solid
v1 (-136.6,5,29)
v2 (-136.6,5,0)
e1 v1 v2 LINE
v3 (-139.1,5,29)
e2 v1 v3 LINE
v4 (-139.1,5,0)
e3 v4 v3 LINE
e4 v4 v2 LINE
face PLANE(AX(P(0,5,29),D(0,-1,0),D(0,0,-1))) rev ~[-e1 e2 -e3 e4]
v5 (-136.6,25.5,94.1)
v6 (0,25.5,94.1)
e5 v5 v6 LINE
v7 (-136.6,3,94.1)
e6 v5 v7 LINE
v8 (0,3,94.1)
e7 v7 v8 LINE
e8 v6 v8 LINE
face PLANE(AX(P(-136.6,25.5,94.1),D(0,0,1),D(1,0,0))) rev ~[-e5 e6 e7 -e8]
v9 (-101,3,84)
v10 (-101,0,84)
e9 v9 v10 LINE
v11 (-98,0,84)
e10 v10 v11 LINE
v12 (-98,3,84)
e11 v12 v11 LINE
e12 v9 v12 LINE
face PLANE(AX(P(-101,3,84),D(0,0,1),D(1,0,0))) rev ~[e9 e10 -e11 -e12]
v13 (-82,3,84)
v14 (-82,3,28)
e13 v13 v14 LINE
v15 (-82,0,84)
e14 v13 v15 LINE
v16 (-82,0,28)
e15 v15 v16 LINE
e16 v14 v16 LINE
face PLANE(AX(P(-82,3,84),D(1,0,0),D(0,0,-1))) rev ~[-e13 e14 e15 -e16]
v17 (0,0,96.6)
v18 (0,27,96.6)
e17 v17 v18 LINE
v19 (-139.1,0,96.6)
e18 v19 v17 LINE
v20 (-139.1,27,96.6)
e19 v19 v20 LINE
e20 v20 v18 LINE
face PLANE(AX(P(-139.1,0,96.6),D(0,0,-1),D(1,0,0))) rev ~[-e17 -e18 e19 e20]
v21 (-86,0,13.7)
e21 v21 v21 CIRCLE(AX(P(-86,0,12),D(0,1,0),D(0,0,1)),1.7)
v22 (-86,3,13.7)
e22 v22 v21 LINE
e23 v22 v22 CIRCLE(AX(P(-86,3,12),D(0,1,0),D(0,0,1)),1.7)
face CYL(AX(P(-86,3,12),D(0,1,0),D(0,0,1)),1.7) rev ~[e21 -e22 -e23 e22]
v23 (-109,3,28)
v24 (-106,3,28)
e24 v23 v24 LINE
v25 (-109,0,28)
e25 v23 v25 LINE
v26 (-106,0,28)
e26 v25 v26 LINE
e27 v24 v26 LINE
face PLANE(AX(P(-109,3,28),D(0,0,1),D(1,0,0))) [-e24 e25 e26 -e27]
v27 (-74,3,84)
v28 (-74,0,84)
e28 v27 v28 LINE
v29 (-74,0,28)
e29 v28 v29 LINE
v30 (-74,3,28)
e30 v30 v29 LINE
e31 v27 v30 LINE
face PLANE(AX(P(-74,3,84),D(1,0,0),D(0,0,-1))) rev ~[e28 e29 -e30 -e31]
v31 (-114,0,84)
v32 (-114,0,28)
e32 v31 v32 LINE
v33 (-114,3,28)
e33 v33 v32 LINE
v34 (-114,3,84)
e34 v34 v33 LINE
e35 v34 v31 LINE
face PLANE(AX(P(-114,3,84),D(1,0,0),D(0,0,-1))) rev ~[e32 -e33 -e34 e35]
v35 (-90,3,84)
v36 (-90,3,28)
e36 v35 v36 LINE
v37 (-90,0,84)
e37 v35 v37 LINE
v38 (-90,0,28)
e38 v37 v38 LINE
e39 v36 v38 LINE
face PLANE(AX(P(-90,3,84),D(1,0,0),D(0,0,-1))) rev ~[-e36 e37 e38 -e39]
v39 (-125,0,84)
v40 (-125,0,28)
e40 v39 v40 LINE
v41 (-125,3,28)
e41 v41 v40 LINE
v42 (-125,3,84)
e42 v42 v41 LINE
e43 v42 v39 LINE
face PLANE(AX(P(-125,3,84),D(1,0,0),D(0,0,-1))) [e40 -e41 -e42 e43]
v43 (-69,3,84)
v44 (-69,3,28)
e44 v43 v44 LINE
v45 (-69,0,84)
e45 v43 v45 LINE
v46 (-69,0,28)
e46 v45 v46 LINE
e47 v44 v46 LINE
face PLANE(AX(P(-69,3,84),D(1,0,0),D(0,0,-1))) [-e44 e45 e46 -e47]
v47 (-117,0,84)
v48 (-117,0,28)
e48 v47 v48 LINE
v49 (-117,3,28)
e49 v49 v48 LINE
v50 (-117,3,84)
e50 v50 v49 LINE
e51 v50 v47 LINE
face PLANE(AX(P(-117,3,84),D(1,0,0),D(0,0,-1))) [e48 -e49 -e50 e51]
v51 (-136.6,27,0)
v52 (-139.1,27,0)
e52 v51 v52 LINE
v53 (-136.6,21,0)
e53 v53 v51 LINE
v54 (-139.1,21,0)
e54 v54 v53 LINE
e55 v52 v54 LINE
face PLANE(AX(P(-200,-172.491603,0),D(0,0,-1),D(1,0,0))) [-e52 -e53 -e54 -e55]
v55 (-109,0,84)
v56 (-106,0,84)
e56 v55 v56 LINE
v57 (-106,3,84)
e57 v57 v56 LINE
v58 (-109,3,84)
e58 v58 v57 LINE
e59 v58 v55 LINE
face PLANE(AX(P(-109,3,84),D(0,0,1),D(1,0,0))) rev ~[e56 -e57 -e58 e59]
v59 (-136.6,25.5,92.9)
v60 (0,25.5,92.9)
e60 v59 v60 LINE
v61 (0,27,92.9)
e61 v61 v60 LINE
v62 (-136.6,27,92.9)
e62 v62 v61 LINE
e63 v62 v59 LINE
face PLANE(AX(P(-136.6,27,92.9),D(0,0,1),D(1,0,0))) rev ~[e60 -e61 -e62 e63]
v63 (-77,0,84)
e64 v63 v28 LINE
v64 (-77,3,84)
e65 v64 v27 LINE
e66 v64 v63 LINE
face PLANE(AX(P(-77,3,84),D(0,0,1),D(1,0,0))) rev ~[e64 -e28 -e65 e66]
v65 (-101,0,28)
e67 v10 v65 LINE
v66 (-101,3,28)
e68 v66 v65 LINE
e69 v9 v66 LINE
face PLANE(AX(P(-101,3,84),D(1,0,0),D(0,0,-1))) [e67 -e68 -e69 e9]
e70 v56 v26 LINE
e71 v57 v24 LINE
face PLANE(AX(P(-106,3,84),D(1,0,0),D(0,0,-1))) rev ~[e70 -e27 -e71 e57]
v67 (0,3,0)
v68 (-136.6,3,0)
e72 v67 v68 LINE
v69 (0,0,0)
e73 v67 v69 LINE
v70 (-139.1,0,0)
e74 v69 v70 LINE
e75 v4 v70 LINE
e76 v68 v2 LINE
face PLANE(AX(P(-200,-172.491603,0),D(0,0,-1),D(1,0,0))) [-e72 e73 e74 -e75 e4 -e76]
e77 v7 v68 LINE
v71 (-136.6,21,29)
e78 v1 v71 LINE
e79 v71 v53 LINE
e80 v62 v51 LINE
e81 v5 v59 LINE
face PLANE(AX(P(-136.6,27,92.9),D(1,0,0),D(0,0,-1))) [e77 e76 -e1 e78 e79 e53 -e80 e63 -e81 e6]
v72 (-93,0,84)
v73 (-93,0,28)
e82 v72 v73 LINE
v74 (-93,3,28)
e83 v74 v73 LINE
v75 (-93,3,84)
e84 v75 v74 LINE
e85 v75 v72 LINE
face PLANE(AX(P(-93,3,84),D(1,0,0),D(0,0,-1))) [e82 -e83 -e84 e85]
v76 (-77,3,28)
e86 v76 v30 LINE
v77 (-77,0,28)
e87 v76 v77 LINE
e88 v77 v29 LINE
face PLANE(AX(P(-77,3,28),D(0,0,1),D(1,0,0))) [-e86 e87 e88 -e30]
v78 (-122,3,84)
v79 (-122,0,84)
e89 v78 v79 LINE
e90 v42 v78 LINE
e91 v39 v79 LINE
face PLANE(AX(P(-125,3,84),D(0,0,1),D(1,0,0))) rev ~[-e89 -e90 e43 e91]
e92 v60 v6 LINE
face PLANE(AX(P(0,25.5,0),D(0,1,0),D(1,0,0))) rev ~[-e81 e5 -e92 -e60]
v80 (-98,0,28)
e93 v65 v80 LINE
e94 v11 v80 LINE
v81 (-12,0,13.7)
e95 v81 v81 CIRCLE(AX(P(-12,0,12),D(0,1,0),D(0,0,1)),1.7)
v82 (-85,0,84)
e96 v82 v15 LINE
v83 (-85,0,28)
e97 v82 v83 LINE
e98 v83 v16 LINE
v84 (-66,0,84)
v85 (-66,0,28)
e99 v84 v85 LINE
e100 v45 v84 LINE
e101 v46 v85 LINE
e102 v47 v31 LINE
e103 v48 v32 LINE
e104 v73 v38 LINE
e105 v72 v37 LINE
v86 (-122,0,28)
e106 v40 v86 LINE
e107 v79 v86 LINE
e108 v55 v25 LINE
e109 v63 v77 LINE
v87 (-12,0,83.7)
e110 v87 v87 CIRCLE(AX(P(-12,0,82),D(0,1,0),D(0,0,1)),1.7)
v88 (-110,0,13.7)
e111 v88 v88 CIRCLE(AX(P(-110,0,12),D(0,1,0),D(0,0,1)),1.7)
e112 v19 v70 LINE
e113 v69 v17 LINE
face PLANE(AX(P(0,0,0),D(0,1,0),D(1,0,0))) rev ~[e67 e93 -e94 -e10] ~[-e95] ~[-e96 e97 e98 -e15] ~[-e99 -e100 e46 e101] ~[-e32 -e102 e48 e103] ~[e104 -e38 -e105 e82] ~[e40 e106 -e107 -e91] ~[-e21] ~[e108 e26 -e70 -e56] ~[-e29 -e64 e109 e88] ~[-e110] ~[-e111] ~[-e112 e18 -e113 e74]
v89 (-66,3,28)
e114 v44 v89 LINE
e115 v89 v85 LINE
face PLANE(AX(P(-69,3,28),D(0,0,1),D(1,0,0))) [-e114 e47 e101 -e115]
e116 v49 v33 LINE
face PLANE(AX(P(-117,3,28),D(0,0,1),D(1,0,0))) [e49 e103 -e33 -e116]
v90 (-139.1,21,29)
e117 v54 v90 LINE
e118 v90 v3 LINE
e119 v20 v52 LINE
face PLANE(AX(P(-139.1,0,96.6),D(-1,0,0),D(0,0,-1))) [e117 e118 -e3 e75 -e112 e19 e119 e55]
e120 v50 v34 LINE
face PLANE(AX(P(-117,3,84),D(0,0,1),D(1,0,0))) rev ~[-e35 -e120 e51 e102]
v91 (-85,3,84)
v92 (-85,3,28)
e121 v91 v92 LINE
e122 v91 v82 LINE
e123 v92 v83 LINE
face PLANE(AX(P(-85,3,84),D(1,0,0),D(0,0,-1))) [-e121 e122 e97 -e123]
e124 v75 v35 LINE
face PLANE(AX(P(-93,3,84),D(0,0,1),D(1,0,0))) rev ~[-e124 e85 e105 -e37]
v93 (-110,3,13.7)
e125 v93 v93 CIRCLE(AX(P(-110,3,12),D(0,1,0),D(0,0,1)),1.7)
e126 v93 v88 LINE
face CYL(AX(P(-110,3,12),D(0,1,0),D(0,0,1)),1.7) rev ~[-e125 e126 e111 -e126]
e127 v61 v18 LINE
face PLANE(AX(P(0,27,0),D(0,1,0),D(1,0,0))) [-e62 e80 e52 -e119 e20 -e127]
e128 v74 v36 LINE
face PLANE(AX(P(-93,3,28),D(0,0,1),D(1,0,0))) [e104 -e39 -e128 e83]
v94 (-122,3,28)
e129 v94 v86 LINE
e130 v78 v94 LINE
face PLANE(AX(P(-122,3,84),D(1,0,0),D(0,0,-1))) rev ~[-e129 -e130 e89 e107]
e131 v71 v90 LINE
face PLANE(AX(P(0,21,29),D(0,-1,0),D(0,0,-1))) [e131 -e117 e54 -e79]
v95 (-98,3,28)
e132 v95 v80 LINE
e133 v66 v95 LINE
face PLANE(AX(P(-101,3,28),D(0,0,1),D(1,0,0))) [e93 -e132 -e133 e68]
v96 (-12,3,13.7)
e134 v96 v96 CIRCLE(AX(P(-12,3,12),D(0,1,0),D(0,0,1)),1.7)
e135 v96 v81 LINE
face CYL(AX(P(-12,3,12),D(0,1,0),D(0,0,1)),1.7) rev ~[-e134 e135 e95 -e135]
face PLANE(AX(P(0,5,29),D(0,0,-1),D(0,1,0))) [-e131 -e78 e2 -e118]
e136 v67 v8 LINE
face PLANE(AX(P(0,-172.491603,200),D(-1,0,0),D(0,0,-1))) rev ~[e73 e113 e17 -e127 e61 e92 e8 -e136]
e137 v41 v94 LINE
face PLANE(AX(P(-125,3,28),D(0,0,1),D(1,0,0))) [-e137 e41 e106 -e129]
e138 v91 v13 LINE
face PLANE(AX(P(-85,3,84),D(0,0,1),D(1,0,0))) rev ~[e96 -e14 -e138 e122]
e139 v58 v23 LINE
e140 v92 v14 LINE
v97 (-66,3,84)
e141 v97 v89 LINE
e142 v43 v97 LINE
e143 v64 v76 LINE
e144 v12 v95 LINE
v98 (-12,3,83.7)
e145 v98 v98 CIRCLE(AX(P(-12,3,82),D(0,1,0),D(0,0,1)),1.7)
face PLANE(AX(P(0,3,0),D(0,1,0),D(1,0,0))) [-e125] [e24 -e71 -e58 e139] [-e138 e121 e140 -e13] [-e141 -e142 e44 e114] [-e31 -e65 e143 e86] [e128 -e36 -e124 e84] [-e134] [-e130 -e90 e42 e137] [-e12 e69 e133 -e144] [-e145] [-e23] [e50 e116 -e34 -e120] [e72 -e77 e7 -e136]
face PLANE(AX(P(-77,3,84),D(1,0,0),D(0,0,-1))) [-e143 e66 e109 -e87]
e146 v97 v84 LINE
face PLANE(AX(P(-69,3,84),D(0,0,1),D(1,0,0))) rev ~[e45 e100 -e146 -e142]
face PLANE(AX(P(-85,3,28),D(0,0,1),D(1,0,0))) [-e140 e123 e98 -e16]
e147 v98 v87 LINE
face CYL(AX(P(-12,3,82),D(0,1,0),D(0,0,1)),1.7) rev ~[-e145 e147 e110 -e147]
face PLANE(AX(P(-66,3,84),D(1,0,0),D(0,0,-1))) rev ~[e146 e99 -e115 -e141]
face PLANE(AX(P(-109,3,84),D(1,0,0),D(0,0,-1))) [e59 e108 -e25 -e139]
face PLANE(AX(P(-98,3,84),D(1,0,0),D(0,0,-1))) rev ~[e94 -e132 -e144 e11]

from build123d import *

# Parameters (mm, degrees)
SKETCH1_W                     = 278.2
SKETCH1_H                     = 193.2
SHELL_BLOCK_DEPTH             = 27
SKETCH2_W                     = 273.2
SKETCH2_H                     = 185.8
FRONT_OPENING_DEPTH           = 1.5
SKETCH3_W                     = 273.2
SKETCH3_H                     = 188.2
DISPLAY_POCKET_DEPTH          = 22.5
SKETCH4_W                     = 3
SKETCH4_H                     = 56
VENT_SLOTS_DEPTH              = 4
SKETCH5_W                     = 58
SKETCH5_H                     = 16
CABLE_EXIT_X_SHORT_SIDE_DEPTH = 140.1
SKETCH6_R                     = 1.7
BOLT_HOLES_DEPTH              = 4
KEEP_ONE_HALF_X_DEPTH         = 172.491603293
KEEP_ONE_HALF_X_DEPTH_BACK    = 172.491603293
SKETCH7_W                     = 200
SKETCH7_H                     = 400
KEEP_ONE_QUARTER_Z_DEPTH      = 172.491603293
KEEP_ONE_QUARTER_Z_DEPTH_BACK = 172.491603293
SKETCH8_W                     = 400
SKETCH8_H                     = 200


with BuildPart() as part:
    # Sketch1 → Shell Block (new body)
    with BuildSketch(Plane(origin=(0, 0, 0), x_dir=(1, 0, 0), z_dir=(0, 1, 0))):
        Rectangle(SKETCH1_W, SKETCH1_H)
    extrude(amount=SHELL_BLOCK_DEPTH)

    # Sketch2 → Front Opening (cut)
    with BuildSketch(Plane(origin=(0, 27, 0), x_dir=(1, 0, 0), z_dir=(0, 1, 0))):
        Rectangle(SKETCH2_W, SKETCH2_H)
    extrude(amount=-FRONT_OPENING_DEPTH, mode=Mode.SUBTRACT)

    # Sketch3 → Display Pocket (cut)
    with BuildSketch(Plane(origin=(0, 25.5, 0), x_dir=(1, 0, 0), z_dir=(0, 1, 0))):
        Rectangle(SKETCH3_W, SKETCH3_H)
    extrude(amount=-DISPLAY_POCKET_DEPTH, mode=Mode.SUBTRACT)

    # Sketch4 → Vent Slots (cut)
    with BuildSketch(Plane(origin=(0, 3, 0), x_dir=(1, 0, 0), z_dir=(0, 1, 0))):
        with Locations((-67.5, 56)):
            Rectangle(SKETCH4_W, SKETCH4_H)
        with Locations((-67.5, -56)):
            Rectangle(SKETCH4_W, SKETCH4_H)
        with Locations((-75.5, 56)):
            Rectangle(SKETCH4_W, SKETCH4_H)
        with Locations((-75.5, -56)):
            Rectangle(SKETCH4_W, SKETCH4_H)
        with Locations((-83.5, 56)):
            Rectangle(SKETCH4_W, SKETCH4_H)
        with Locations((-83.5, -56)):
            Rectangle(SKETCH4_W, SKETCH4_H)
        with Locations((-91.5, 56)):
            Rectangle(SKETCH4_W, SKETCH4_H)
        with Locations((-91.5, -56)):
            Rectangle(SKETCH4_W, SKETCH4_H)
        with Locations((-99.5, 56)):
            Rectangle(SKETCH4_W, SKETCH4_H)
        with Locations((-99.5, -56)):
            Rectangle(SKETCH4_W, SKETCH4_H)
        with Locations((-107.5, 56)):
            Rectangle(SKETCH4_W, SKETCH4_H)
        with Locations((-107.5, -56)):
            Rectangle(SKETCH4_W, SKETCH4_H)
        with Locations((-115.5, 56)):
            Rectangle(SKETCH4_W, SKETCH4_H)
        with Locations((-115.5, -56)):
            Rectangle(SKETCH4_W, SKETCH4_H)
        with Locations((-123.5, 56)):
            Rectangle(SKETCH4_W, SKETCH4_H)
        with Locations((-123.5, -56)):
            Rectangle(SKETCH4_W, SKETCH4_H)
    extrude(amount=-VENT_SLOTS_DEPTH, mode=Mode.SUBTRACT)

    # Sketch5 → Cable Exit (-X short side) (cut)
    with BuildSketch(Plane(origin=(0, 0, 0), x_dir=(0, 0, -1), z_dir=(1, 0, 0))):
        with Locations((0, 13)):
            Rectangle(SKETCH5_W, SKETCH5_H)
    extrude(amount=-CABLE_EXIT_X_SHORT_SIDE_DEPTH, mode=Mode.SUBTRACT)

    # Sketch6 → Bolt Holes (cut)
    with BuildSketch(Plane(origin=(0, 3, 0), x_dir=(1, 0, 0), z_dir=(0, 1, 0))):
        with Locations(Location((-40, 18, 0), (0, 0, 270))):
            Circle(SKETCH6_R)
        with Locations(Location((-40, 88, 0), (0, 0, 270))):
            Circle(SKETCH6_R)
        with Locations(Location((40, 18, 0), (0, 0, 270))):
            Circle(SKETCH6_R)
        with Locations(Location((40, 88, 0), (0, 0, 270))):
            Circle(SKETCH6_R)
        with Locations(Location((-52, 40, 0), (0, 0, 270))):
            Circle(SKETCH6_R)
        with Locations(Location((-52, 66, 0), (0, 0, 270))):
            Circle(SKETCH6_R)
        with Locations(Location((52, 40, 0), (0, 0, 270))):
            Circle(SKETCH6_R)
        with Locations(Location((52, 66, 0), (0, 0, 270))):
            Circle(SKETCH6_R)
        with Locations(Location((-12, -82, 0), (0, 0, 270))):
            Circle(SKETCH6_R)
        with Locations(Location((12, -82, 0), (0, 0, 270))):
            Circle(SKETCH6_R)
        with Locations(Location((124, -12, 0), (0, 0, 270))):
            Circle(SKETCH6_R)
        with Locations(Location((124, 12, 0), (0, 0, 270))):
            Circle(SKETCH6_R)
        with Locations(Location((-12, -12, 0), (0, 0, 270))):
            Circle(SKETCH6_R)
        with Locations(Location((-12, 12, 0), (0, 0, 270))):
            Circle(SKETCH6_R)
        with Locations(Location((12, -12, 0), (0, 0, 270))):
            Circle(SKETCH6_R)
        with Locations(Location((12, 12, 0), (0, 0, 270))):
            Circle(SKETCH6_R)
        with Locations(Location((-110, 12, 0), (0, 0, 270))):
            Circle(SKETCH6_R)
        with Locations(Location((-110, -12, 0), (0, 0, 270))):
            Circle(SKETCH6_R)
        with Locations(Location((-86, 12, 0), (0, 0, 270))):
            Circle(SKETCH6_R)
        with Locations(Location((-86, -12, 0), (0, 0, 270))):
            Circle(SKETCH6_R)
    extrude(amount=-BOLT_HOLES_DEPTH, mode=Mode.SUBTRACT)

    # Sketch7 → Keep one half (X) (cut, two sides: drawn at the far end of the back side and taken through both)
    with BuildSketch(Plane(origin=(0, 0, 0), x_dir=(1, 0, 0), z_dir=(0, 1, 0)).offset(-KEEP_ONE_HALF_X_DEPTH_BACK)):
        with Locations((100, 0)):
            Rectangle(SKETCH7_W, SKETCH7_H)
    extrude(amount=KEEP_ONE_HALF_X_DEPTH + KEEP_ONE_HALF_X_DEPTH_BACK, mode=Mode.SUBTRACT)

    # Sketch8 → Keep one quarter (Z) (cut, two sides: drawn at the far end of the back side and taken through both)
    with BuildSketch(Plane(origin=(0, 0, 0), x_dir=(1, 0, 0), z_dir=(0, 1, 0)).offset(-KEEP_ONE_QUARTER_Z_DEPTH_BACK)):
        with Locations((0, 100)):
            Rectangle(SKETCH8_W, SKETCH8_H)
    extrude(amount=KEEP_ONE_QUARTER_Z_DEPTH + KEEP_ONE_QUARTER_Z_DEPTH_BACK, mode=Mode.SUBTRACT)


solid = part.part
